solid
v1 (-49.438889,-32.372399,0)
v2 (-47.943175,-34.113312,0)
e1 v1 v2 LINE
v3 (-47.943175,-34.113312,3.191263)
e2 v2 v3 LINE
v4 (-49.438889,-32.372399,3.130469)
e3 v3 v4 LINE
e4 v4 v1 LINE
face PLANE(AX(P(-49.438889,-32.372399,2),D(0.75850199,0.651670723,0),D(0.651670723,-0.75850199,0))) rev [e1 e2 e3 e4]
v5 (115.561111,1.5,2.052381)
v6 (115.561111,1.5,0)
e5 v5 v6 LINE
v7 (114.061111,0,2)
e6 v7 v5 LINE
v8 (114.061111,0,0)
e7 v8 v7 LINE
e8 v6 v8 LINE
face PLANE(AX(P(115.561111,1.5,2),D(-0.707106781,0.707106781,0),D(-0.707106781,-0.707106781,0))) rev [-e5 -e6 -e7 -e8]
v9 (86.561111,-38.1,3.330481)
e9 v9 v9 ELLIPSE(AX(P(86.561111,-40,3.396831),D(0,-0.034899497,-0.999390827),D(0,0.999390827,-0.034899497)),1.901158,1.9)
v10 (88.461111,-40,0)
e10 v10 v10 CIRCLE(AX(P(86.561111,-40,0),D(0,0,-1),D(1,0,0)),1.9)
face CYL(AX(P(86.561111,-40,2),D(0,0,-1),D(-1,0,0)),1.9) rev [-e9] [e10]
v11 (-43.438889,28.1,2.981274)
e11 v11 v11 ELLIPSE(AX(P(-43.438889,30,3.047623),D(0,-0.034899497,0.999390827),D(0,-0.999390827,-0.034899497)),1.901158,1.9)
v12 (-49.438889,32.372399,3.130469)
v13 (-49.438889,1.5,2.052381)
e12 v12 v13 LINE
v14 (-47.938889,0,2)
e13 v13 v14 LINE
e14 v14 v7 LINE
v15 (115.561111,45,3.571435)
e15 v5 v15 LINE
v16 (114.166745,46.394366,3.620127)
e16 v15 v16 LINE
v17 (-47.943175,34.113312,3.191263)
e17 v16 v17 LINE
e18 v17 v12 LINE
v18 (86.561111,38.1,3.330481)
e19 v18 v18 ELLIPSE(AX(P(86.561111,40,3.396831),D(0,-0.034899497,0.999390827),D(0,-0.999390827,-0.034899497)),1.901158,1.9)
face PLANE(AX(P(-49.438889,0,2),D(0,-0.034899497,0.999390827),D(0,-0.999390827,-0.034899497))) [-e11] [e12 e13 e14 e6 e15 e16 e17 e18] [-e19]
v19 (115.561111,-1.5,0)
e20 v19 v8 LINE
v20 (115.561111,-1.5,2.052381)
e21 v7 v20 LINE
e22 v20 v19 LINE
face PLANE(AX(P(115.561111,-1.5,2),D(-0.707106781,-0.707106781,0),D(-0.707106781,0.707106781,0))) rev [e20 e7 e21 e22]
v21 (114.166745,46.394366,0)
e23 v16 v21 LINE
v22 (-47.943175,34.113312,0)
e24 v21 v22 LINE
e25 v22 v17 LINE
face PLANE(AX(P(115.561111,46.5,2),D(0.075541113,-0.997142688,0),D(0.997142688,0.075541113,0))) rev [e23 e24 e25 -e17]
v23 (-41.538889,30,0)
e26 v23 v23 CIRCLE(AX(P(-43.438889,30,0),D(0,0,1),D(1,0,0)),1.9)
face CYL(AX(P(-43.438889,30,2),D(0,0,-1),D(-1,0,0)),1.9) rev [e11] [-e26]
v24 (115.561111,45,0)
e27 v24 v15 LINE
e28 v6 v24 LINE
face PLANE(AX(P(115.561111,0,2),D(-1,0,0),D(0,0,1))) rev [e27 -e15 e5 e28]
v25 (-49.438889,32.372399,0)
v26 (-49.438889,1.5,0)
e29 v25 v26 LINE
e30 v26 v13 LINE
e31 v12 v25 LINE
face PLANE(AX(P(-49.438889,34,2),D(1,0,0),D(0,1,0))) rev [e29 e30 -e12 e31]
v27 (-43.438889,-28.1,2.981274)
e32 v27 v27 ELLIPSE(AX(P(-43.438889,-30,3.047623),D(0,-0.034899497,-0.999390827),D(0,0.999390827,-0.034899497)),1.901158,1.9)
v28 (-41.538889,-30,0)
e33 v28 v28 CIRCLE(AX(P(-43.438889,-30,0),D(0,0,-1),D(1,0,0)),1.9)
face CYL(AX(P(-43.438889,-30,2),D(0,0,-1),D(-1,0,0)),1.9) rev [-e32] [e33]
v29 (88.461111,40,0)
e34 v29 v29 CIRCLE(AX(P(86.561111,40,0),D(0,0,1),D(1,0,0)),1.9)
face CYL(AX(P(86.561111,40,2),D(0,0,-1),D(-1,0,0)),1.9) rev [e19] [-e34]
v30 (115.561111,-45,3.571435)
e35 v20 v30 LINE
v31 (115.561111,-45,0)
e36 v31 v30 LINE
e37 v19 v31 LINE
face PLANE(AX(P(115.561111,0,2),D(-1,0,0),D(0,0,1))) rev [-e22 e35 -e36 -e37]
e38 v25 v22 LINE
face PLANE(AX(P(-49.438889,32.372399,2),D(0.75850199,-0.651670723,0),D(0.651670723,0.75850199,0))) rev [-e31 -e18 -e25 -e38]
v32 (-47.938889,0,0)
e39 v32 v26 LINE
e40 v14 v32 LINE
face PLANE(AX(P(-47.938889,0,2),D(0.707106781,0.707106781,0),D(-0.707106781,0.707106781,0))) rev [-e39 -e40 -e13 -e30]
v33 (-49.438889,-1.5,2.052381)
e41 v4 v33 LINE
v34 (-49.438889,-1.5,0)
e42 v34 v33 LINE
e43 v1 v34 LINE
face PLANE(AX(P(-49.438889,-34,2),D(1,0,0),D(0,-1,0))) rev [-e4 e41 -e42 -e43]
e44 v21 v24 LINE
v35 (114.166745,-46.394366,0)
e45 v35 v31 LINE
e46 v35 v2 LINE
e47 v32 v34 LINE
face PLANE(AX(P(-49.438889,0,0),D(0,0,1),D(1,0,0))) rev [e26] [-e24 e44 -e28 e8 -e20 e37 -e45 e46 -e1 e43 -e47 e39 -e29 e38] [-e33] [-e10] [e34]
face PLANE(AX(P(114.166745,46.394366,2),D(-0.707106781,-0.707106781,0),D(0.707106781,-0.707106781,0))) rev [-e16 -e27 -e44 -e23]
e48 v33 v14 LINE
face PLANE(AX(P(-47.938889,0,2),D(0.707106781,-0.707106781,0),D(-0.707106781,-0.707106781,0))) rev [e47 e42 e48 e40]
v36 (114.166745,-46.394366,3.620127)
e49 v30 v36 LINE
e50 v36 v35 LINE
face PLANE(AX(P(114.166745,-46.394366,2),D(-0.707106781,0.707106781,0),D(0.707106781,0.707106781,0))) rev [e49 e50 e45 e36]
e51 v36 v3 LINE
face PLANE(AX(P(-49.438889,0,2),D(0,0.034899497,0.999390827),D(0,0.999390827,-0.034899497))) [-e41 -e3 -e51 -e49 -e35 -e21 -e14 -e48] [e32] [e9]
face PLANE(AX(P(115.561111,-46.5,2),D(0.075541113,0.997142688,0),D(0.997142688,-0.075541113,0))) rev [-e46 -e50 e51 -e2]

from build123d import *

# Parameters (mm, degrees)
ESQUISSE1_R      = 1.9
EXTRUSION1_DEPTH = 2
D_POUILLE1_ANGLE = 2
CHANFREIN1_SIZE  = 1.5
CHANFREIN1_SIZE2 = 1.398361753
CHANFREIN2_SIZE  = 1.5
CHANFREIN3_SIZE  = 1.5
CHANFREIN4_SIZE  = 1.5
CHANFREIN4_SIZE2 = 1.627601385


with BuildPart() as part:
    # Esquisse1 → Extrusion1 (new body)
    with BuildSketch(Plane.XY):
        Polygon((-49.438888889, 0), (115.561111111, 0), (115.561111111, 46.5), (-49.438888889, 34), align=None)
        with Locations((86.561111111, 40)):
            Circle(ESQUISSE1_R, mode=Mode.SUBTRACT)
        with Locations((-43.438888889, 30)):
            Circle(ESQUISSE1_R, mode=Mode.SUBTRACT)
    extrude(amount=EXTRUSION1_DEPTH)

    # Dépouille1
    d_pouille1_faces = [part.faces().sort_by_distance(p)[0] for p in [
        (37.385342989, 20.236326134, 2),
    ]]
    draft(d_pouille1_faces, Plane(origin=(-49.438888889, 0, 2), x_dir=(0, 0, -1), z_dir=(0, -1, 0)), D_POUILLE1_ANGLE)

    # Chanfrein1
    chanfrein1_edges = [part.edges().sort_by_distance(p)[0] for p in [
        (115.561111111, 46.5, 1.811907891),
    ]]
    chanfrein1_side = [part.faces().sort_by_distance(p)[0] for p in [
        (115.561111111, 25.487728403, 1.445025544),
    ]]
    chamfer(chanfrein1_edges, length=CHANFREIN1_SIZE, length2=CHANFREIN1_SIZE2, reference=chanfrein1_side[0])

    # Chanfrein2
    chanfrein2_edges = [part.edges().sort_by_distance(p)[0] for p in [
        (115.561111111, 0, 1),
    ]]
    chamfer(chanfrein2_edges, length=CHANFREIN2_SIZE)

    # Chanfrein3
    chanfrein3_edges = [part.edges().sort_by_distance(p)[0] for p in [
        (-49.438888889, 0, 1),
    ]]
    chamfer(chanfrein3_edges, length=CHANFREIN3_SIZE)

    # Chanfrein4
    chanfrein4_edges = [part.edges().sort_by_distance(p)[0] for p in [
        (-49.438888889, 34, 1.593653081),
    ]]
    chanfrein4_side = [part.faces().sort_by_distance(p)[0] for p in [
        (34.097619228, 40.328523342, 1.704151534),
    ]]
    chamfer(chanfrein4_edges, length=CHANFREIN4_SIZE, length2=CHANFREIN4_SIZE2, reference=chanfrein4_side[0])

    # Symétrie1: part across plane


with BuildPart() as part_1:
    add(part.part)
    add(part.part.mirror(Plane(origin=(-49.438888889, 0, 2), x_dir=(0, 0, 1), z_dir=(0, 1, 0))))


solid = part_1.part
